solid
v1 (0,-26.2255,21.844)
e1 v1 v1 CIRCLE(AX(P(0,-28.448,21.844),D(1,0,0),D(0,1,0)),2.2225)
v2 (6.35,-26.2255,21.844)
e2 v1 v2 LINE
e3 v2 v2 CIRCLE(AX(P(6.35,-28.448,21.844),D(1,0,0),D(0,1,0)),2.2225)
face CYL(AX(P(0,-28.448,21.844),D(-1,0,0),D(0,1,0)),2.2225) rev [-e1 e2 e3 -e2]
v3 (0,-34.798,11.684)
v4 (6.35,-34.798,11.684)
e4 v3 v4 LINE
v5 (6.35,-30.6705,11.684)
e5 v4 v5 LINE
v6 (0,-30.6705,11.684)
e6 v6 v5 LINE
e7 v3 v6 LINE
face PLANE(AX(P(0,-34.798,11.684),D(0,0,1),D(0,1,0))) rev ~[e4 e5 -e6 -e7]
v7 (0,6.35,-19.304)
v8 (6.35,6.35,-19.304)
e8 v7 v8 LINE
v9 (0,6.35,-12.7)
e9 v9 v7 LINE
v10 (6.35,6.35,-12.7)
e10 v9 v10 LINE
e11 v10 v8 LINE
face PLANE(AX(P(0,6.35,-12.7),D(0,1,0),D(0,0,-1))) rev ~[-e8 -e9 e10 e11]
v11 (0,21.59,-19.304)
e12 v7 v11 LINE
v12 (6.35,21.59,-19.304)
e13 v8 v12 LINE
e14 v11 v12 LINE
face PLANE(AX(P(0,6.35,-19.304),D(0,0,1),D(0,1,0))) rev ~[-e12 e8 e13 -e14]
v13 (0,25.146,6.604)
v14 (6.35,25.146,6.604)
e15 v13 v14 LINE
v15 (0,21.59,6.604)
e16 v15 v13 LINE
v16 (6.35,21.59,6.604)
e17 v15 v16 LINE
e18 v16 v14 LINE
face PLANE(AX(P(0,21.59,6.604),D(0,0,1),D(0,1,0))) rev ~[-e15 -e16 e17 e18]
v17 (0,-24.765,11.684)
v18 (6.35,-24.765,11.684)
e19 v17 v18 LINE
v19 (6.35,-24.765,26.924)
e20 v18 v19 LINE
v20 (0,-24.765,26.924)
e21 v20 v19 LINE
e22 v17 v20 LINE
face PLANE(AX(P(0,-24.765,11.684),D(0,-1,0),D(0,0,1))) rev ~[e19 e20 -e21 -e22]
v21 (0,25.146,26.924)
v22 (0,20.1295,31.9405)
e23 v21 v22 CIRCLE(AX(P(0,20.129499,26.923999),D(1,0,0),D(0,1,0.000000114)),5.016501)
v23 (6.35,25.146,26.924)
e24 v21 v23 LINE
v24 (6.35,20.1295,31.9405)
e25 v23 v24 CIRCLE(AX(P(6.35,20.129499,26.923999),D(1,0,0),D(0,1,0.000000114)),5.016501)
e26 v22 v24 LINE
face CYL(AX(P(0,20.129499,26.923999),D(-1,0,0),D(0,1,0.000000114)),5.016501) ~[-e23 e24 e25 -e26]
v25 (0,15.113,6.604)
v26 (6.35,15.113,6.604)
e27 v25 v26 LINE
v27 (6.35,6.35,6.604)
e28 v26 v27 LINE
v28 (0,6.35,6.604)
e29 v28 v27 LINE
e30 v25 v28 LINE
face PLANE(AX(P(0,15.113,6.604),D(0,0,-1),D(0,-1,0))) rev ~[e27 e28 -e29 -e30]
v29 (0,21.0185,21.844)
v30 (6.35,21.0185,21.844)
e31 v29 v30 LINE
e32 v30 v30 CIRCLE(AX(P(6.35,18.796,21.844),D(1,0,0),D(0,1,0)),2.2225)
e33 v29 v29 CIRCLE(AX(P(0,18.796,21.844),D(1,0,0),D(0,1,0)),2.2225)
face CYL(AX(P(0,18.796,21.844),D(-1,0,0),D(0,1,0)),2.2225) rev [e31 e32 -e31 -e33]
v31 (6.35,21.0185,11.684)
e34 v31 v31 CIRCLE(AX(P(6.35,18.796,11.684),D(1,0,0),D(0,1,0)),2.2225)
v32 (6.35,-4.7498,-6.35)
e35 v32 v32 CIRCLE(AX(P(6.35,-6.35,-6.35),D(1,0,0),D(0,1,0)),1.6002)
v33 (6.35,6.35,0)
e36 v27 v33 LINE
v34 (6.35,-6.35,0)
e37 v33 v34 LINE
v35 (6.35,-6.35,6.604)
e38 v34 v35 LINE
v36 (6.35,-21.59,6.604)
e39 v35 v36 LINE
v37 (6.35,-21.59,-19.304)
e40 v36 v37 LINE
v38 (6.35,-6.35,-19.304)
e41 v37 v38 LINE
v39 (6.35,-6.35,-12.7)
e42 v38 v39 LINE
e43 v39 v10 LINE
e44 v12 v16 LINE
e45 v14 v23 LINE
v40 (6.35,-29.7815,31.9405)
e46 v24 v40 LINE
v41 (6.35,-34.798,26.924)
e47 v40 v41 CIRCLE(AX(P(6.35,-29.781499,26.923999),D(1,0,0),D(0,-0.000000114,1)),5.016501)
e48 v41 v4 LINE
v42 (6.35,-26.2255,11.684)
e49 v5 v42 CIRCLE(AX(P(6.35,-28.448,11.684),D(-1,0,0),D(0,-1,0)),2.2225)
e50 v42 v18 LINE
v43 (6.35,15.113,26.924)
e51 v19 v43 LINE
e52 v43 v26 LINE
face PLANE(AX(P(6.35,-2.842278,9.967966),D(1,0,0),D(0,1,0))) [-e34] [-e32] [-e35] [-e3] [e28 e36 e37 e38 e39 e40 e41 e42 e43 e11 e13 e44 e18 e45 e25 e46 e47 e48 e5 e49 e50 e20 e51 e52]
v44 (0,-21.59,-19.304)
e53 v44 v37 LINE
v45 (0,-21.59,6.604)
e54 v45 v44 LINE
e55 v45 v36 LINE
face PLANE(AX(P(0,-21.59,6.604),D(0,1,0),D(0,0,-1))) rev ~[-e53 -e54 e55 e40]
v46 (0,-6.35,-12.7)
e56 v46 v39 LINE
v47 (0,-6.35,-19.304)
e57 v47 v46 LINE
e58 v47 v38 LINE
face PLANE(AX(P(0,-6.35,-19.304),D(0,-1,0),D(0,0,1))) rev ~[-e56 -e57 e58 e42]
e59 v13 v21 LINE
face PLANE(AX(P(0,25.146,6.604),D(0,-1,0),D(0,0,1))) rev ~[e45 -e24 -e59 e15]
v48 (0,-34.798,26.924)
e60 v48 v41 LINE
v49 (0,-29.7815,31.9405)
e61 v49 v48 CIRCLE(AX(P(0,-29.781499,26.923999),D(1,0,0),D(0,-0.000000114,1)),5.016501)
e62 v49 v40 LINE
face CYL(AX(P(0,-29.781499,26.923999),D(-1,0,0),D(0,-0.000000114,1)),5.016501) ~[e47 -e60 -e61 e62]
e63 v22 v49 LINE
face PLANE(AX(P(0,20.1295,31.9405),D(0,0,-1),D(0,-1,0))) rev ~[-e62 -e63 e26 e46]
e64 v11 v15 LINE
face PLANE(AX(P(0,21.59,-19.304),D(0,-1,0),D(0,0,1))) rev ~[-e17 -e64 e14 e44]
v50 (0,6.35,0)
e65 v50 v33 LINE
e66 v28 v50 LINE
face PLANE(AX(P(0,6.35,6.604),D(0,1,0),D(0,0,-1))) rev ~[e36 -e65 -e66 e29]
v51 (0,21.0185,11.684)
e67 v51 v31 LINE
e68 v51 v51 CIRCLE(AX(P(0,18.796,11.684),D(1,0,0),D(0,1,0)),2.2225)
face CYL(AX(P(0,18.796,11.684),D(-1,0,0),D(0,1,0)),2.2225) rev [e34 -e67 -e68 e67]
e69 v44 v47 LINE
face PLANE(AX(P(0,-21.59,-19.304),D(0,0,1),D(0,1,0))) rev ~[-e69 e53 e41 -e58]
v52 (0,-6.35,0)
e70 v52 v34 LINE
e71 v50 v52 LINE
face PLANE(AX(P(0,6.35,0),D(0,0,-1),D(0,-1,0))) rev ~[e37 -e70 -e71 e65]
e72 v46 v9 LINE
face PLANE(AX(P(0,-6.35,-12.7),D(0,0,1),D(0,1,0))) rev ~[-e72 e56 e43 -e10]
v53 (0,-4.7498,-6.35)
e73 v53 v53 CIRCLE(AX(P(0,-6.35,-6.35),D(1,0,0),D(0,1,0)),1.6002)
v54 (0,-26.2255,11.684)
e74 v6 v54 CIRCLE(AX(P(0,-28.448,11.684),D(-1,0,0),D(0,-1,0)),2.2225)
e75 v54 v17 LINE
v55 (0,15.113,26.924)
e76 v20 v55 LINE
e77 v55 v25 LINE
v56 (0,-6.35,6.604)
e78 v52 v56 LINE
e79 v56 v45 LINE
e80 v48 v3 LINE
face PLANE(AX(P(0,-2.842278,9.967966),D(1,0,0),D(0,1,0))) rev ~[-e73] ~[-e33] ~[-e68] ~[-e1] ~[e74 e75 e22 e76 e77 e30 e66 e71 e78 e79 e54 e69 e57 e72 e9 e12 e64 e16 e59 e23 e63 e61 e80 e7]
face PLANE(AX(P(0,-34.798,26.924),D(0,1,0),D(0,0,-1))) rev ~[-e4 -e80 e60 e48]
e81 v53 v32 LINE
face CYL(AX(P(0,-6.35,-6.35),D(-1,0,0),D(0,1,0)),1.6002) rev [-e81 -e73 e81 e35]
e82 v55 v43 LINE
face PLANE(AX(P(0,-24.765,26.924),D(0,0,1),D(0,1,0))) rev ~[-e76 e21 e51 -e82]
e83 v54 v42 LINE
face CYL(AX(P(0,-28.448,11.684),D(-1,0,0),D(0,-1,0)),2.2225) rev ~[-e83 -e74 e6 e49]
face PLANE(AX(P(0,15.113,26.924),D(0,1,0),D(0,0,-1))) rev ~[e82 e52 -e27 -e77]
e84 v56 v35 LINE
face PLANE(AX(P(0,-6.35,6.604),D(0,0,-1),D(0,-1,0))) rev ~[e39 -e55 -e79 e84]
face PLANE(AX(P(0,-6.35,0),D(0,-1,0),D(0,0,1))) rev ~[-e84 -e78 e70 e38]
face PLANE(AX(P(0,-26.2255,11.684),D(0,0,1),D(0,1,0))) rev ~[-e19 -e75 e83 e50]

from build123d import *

# Parameters (mm, degrees)
F0_R     = 1.6002
F0_R_2   = 2.2225
F1_DEPTH = 6.35


with BuildPart() as f1:
    # F0 (on Right) → F1 (new body)
    with BuildSketch(Plane.YZ):
        with BuildLine():
            Line((6.35, 0), (-6.35, 0))
            Line((-6.35, 0), (-6.35, 6.604))
            Line((-6.35, 6.604), (-21.59, 6.604))
            Line((-21.59, 6.604), (-21.59, -19.304))
            Line((-21.59, -19.304), (-6.35, -19.304))
            Line((-6.35, -19.304), (-6.35, -12.7))
            Line((-6.35, -12.7), (6.35, -12.7))
            Line((6.35, -12.7), (6.35, -19.304))
            Line((6.35, -19.304), (21.59, -19.304))
            Line((21.59, -19.304), (21.59, 6.604))
            Line((21.59, 6.604), (25.146, 6.604))
            Line((25.146, 6.604), (25.146, 26.924))
            ThreePointArc((25.146, 26.924), (23.676701, 30.471201), (20.1295, 31.9405))
            Line((20.1295, 31.9405), (-29.7815, 31.9405))
            ThreePointArc((-29.7815, 31.9405), (-33.328701, 30.471201), (-34.798, 26.924))
            Line((-34.798, 26.924), (-34.798, 11.684))
            Line((-34.798, 11.684), (-30.6705, 11.684))
            ThreePointArc((-30.6705, 11.684), (-28.448, 13.9065), (-26.2255, 11.684))
            Line((-26.2255, 11.684), (-24.765, 11.684))
            Line((-24.765, 11.684), (-24.765, 26.924))
            Line((-24.765, 26.924), (15.113, 26.924))
            Line((15.113, 26.924), (15.113, 6.604))
            Line((15.113, 6.604), (6.35, 6.604))
            Line((6.35, 6.604), (6.35, 0))
        make_face()
        with Locations((-6.35, -6.35)):
            Circle(F0_R, mode=Mode.SUBTRACT)
        with Locations((-28.448, 21.844)):
            Circle(F0_R_2, mode=Mode.SUBTRACT)
        with Locations((18.796, 11.684)):
            Circle(F0_R_2, mode=Mode.SUBTRACT)
        with Locations((18.796, 21.844)):
            Circle(F0_R_2, mode=Mode.SUBTRACT)
    extrude(amount=F1_DEPTH)


solid = f1.part
